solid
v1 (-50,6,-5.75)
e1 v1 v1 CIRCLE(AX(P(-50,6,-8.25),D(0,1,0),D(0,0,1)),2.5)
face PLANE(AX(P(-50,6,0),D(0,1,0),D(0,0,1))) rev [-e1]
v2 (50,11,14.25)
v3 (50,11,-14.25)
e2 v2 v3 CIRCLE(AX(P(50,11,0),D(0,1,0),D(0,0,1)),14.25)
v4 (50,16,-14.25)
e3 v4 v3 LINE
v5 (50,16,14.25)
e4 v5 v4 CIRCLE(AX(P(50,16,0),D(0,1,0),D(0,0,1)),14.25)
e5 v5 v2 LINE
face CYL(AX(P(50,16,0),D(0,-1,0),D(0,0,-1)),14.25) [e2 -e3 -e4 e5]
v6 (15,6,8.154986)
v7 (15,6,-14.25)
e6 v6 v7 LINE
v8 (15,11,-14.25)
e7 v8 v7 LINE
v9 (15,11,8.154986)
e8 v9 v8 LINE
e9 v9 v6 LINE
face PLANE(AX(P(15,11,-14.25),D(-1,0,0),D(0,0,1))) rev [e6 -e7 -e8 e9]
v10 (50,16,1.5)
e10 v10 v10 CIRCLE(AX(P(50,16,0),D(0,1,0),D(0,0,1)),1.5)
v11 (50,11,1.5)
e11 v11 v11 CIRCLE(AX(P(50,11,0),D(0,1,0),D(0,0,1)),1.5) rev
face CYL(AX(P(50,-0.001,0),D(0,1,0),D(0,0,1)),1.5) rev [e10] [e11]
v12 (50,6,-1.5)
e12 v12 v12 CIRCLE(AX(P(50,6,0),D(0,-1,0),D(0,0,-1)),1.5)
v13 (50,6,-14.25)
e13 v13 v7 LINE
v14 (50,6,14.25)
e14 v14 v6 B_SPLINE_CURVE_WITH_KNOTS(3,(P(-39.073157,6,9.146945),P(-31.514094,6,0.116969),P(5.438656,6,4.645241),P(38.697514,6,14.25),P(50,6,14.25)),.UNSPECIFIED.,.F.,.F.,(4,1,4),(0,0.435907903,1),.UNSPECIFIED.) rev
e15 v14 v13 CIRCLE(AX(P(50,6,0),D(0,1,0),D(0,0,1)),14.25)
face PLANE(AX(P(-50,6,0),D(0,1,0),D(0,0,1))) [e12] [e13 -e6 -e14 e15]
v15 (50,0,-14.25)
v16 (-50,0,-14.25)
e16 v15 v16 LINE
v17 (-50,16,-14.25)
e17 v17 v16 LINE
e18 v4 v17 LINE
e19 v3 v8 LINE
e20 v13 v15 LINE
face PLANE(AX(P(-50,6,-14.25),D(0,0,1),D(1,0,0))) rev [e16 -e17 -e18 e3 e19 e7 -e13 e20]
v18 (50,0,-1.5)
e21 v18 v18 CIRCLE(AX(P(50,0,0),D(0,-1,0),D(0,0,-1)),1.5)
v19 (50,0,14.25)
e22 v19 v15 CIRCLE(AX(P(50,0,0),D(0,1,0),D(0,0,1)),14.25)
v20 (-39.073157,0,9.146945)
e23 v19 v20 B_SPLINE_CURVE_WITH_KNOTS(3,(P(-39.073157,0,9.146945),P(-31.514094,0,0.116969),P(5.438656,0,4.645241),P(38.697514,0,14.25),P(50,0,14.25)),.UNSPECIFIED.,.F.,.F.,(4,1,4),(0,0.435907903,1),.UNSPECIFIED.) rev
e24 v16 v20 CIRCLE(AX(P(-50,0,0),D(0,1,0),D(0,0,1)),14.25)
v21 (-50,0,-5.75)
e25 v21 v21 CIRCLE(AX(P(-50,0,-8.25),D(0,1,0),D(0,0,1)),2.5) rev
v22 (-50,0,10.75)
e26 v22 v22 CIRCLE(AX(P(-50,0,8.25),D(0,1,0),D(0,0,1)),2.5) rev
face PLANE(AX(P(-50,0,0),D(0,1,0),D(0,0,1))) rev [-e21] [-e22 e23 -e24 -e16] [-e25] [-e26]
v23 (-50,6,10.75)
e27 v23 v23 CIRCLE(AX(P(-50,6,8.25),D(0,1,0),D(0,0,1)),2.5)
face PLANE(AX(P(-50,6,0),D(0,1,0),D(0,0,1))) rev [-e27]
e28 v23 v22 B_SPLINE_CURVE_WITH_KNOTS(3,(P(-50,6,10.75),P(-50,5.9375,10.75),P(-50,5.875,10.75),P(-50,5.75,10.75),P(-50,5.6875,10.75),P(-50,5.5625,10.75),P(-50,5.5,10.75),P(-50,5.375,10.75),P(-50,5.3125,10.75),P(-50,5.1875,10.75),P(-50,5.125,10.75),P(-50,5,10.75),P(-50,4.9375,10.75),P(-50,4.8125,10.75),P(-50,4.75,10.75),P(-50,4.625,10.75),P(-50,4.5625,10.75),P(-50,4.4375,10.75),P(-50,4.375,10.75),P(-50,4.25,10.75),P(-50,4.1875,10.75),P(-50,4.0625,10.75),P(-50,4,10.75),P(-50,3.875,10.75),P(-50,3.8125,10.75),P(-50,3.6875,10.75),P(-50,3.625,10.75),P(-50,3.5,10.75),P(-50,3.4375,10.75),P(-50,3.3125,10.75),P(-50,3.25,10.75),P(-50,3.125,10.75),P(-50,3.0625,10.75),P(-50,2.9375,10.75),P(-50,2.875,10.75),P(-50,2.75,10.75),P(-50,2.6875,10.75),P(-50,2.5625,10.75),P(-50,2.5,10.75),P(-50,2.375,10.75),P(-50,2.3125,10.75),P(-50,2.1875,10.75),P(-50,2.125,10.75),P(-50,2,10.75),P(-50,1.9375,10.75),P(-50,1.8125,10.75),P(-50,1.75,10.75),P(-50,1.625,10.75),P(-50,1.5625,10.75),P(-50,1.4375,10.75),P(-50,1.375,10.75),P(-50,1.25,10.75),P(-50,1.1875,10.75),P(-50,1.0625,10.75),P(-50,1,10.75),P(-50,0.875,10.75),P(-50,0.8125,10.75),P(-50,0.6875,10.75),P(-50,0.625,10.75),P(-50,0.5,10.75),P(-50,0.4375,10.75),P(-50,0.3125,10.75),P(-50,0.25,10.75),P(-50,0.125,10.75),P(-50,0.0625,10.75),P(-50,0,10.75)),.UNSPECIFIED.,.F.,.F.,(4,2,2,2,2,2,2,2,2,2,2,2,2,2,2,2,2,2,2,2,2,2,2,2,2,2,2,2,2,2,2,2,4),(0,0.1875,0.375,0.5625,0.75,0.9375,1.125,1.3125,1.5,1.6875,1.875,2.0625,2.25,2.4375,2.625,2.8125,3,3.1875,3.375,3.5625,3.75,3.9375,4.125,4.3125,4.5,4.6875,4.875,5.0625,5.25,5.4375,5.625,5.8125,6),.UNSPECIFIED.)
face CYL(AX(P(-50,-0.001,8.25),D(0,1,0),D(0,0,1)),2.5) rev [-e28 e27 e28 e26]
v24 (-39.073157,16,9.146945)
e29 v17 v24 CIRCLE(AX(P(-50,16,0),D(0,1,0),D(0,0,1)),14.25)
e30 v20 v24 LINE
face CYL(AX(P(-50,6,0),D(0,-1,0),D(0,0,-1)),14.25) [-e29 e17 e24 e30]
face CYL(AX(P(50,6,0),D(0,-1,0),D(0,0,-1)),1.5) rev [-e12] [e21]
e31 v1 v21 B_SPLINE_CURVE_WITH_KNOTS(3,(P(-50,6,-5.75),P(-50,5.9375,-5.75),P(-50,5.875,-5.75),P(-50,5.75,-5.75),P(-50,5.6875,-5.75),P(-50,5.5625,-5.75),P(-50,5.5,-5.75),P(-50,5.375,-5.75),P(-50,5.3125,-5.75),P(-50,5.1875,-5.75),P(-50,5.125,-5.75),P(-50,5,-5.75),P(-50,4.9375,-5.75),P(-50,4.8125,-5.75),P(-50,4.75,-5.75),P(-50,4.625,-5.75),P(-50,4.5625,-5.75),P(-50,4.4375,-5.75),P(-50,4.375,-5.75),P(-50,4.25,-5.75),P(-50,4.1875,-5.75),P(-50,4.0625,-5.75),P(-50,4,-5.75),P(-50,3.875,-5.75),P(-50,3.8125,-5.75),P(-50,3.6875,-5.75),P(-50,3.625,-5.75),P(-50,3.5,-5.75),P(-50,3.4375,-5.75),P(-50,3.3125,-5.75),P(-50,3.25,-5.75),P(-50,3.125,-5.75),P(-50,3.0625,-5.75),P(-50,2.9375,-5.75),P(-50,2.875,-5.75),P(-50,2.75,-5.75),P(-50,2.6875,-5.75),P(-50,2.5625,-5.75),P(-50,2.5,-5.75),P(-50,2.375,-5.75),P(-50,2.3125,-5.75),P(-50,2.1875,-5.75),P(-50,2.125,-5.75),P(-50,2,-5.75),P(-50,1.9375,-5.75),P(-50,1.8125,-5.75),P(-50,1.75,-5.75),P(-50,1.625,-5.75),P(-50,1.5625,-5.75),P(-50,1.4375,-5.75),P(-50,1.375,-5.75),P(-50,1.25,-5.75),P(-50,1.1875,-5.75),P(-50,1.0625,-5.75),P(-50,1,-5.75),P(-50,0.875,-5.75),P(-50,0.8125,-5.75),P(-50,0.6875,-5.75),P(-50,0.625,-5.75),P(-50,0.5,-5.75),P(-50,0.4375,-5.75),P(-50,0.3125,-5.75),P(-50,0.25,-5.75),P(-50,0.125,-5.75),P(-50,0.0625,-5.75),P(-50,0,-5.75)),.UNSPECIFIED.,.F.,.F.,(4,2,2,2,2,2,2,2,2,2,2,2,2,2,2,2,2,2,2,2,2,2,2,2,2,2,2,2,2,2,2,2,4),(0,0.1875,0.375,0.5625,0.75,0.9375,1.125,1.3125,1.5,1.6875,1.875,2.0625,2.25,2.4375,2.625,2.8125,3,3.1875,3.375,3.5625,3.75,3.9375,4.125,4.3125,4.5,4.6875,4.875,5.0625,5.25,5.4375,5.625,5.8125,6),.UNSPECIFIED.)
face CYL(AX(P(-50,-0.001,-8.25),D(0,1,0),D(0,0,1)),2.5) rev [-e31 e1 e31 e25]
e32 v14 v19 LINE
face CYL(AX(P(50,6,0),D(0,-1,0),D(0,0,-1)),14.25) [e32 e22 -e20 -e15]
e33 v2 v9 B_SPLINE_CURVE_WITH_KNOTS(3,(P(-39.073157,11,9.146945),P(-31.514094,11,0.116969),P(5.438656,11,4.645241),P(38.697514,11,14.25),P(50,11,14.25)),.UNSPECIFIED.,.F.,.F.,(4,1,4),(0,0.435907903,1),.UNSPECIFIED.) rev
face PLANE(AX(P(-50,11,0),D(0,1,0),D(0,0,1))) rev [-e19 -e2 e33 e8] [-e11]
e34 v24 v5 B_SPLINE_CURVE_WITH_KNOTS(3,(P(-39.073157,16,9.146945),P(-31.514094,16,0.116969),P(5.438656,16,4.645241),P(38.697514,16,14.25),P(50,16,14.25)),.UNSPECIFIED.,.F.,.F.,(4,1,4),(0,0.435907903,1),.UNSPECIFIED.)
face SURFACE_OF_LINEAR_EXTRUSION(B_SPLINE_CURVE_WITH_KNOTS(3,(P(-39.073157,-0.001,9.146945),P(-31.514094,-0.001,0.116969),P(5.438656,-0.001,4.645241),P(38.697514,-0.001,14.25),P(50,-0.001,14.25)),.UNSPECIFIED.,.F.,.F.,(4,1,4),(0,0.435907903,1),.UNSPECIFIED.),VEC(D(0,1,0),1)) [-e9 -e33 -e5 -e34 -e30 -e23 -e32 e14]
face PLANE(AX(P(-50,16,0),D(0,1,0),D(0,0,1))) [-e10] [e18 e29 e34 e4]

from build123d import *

# Parameters (mm, degrees)
BOSS_EXTRUDE1_DEPTH = 6
CUT_EXTRUDE1_REACH  = 68.084
SKETCH2_R           = 2.5
SKETCH3_R           = 1.5
CUT_EXTRUDE2_DEPTH  = 67.08422656
BOSS_EXTRUDE2_DEPTH = 5
BOSS_EXTRUDE3_DEPTH = 5
CUT_EXTRUDE3_REACH  = 69.728
SKETCH6_R           = 1.5
CUT_EXTRUDE4_REACH  = 69.728


with BuildPart() as part:
    # Sketch1 → Boss-Extrude1 (new body)
    with BuildSketch(Plane(origin=(0, 0, 0), x_dir=(1, 0, 0), z_dir=(0, 1, 0))):
        with BuildLine():
            Line((-50, 14.25), (50, 14.25))
            ThreePointArc((50, 14.25), (64.25, 0), (50, -14.25))
            Line((50, -14.25), (-50, -14.25))
            ThreePointArc((-50, -14.25), (-64.25, 0), (-50, 14.25))
        make_face()
    extrude(amount=BOSS_EXTRUDE1_DEPTH)

    # Sketch2 → Cut-Extrude1 (cut, up to next)
    with BuildSketch(Plane(origin=(0, 6, 0), x_dir=(1, 0, 0), z_dir=(0, 1, 0)), mode=Mode.PRIVATE) as cut_extrude1_sk1:
        with Locations(Location((-50, 8.25, 0), (0, 0, 270))):
            Circle(SKETCH2_R)
    cut_extrude1_tool1 = extrude(cut_extrude1_sk1.sketch, amount=-CUT_EXTRUDE1_REACH, mode=Mode.PRIVATE) & part.part
    # Sketch2 → Cut-Extrude1 (cut, up to next)
    with BuildSketch(Plane(origin=(0, 6, 0), x_dir=(1, 0, 0), z_dir=(0, 1, 0)), mode=Mode.PRIVATE) as cut_extrude1_sk2:
        with Locations(Location((-50, -8.25, 0), (0, 0, 270))):
            Circle(SKETCH2_R)
    cut_extrude1_tool2 = extrude(cut_extrude1_sk2.sketch, amount=-CUT_EXTRUDE1_REACH, mode=Mode.PRIVATE) & part.part
    add(cut_extrude1_tool1.solids().sort_by_distance((-50, 6, -8.25))[0], mode=Mode.SUBTRACT)
    add(cut_extrude1_tool2.solids().sort_by_distance((-50, 6, 8.25))[0], mode=Mode.SUBTRACT)

    # Sketch3 → Cut-Extrude2 (cut, through all)
    with BuildSketch(Plane.XZ):
        with Locations(Location((50, 0, 0), (0, 0, 270))):
            Circle(SKETCH3_R)
    extrude(amount=-CUT_EXTRUDE2_DEPTH, mode=Mode.SUBTRACT)

    # Sketch4 → Boss-Extrude2 (add)
    with BuildSketch(Plane(origin=(0, 6, 0), x_dir=(1, 0, 0), z_dir=(0, 1, 0))):
        with BuildLine():
            Line((-50, 14.25), (15, 14.25))
            Line((15, 14.25), (15, -14.25))
            Line((15, -14.25), (-50, -14.25))
            ThreePointArc((-50, -14.25), (-64.25, 0), (-50, 14.25))
        make_face()
    extrude(amount=BOSS_EXTRUDE2_DEPTH)

    # Sketch5 → Boss-Extrude3 (add)
    with BuildSketch(Plane(origin=(0, 11, 0), x_dir=(1, 0, 0), z_dir=(0, 1, 0))):
        with BuildLine():
            Line((-50, 14.25), (50, 14.25))
            ThreePointArc((50, 14.25), (64.25, 0), (50, -14.25))
            Line((50, -14.25), (-50, -14.25))
            ThreePointArc((-50, -14.25), (-64.25, 0), (-50, 14.25))
        make_face()
    extrude(amount=BOSS_EXTRUDE3_DEPTH)

    # Sketch6 → Cut-Extrude3 (cut, up to next)
    with BuildSketch(Plane(origin=(0, 16, 0), x_dir=(1, 0, 0), z_dir=(0, 1, 0)), mode=Mode.PRIVATE) as cut_extrude3_sk1:
        with Locations(Location((50, 0, 0), (0, 0, 90))):
            Circle(SKETCH6_R)
    cut_extrude3_tool1 = extrude(cut_extrude3_sk1.sketch, amount=-CUT_EXTRUDE3_REACH, mode=Mode.PRIVATE) & part.part
    add(cut_extrude3_tool1.solids().sort_by_distance((50, 16, 0))[0], mode=Mode.SUBTRACT)

    # Sketch7 → Cut-Extrude4 (cut, up to next)
    with BuildSketch(Plane(origin=(0, 16, 0), x_dir=(1, 0, 0), z_dir=(0, 1, 0)), mode=Mode.PRIVATE) as cut_extrude4_sk1:
        with BuildLine():
            ThreePointArc((-39.07315683, -9.146944754), (-43.970135273, -12.911360555), (-50, -14.25))
            Line((-50, -14.25), (50, -14.25))
            add(Edge.make_bspline(
                [(-39.07315683, -9.146944754), (-31.514094033, -0.116968526), (5.438655837, -4.645240543), (38.697514387, -14.25), (50, -14.25)],
                knots=[0, 0, 0, 0, 0.435907903, 1, 1, 1, 1], degree=3))
        make_face()
    cut_extrude4_tool1 = extrude(cut_extrude4_sk1.sketch, amount=-CUT_EXTRUDE4_REACH, mode=Mode.PRIVATE) & part.part
    add(cut_extrude4_tool1.solids().sort_by_distance((-8.590717, 16, 9.791359))[0], mode=Mode.SUBTRACT)


solid = part.part
